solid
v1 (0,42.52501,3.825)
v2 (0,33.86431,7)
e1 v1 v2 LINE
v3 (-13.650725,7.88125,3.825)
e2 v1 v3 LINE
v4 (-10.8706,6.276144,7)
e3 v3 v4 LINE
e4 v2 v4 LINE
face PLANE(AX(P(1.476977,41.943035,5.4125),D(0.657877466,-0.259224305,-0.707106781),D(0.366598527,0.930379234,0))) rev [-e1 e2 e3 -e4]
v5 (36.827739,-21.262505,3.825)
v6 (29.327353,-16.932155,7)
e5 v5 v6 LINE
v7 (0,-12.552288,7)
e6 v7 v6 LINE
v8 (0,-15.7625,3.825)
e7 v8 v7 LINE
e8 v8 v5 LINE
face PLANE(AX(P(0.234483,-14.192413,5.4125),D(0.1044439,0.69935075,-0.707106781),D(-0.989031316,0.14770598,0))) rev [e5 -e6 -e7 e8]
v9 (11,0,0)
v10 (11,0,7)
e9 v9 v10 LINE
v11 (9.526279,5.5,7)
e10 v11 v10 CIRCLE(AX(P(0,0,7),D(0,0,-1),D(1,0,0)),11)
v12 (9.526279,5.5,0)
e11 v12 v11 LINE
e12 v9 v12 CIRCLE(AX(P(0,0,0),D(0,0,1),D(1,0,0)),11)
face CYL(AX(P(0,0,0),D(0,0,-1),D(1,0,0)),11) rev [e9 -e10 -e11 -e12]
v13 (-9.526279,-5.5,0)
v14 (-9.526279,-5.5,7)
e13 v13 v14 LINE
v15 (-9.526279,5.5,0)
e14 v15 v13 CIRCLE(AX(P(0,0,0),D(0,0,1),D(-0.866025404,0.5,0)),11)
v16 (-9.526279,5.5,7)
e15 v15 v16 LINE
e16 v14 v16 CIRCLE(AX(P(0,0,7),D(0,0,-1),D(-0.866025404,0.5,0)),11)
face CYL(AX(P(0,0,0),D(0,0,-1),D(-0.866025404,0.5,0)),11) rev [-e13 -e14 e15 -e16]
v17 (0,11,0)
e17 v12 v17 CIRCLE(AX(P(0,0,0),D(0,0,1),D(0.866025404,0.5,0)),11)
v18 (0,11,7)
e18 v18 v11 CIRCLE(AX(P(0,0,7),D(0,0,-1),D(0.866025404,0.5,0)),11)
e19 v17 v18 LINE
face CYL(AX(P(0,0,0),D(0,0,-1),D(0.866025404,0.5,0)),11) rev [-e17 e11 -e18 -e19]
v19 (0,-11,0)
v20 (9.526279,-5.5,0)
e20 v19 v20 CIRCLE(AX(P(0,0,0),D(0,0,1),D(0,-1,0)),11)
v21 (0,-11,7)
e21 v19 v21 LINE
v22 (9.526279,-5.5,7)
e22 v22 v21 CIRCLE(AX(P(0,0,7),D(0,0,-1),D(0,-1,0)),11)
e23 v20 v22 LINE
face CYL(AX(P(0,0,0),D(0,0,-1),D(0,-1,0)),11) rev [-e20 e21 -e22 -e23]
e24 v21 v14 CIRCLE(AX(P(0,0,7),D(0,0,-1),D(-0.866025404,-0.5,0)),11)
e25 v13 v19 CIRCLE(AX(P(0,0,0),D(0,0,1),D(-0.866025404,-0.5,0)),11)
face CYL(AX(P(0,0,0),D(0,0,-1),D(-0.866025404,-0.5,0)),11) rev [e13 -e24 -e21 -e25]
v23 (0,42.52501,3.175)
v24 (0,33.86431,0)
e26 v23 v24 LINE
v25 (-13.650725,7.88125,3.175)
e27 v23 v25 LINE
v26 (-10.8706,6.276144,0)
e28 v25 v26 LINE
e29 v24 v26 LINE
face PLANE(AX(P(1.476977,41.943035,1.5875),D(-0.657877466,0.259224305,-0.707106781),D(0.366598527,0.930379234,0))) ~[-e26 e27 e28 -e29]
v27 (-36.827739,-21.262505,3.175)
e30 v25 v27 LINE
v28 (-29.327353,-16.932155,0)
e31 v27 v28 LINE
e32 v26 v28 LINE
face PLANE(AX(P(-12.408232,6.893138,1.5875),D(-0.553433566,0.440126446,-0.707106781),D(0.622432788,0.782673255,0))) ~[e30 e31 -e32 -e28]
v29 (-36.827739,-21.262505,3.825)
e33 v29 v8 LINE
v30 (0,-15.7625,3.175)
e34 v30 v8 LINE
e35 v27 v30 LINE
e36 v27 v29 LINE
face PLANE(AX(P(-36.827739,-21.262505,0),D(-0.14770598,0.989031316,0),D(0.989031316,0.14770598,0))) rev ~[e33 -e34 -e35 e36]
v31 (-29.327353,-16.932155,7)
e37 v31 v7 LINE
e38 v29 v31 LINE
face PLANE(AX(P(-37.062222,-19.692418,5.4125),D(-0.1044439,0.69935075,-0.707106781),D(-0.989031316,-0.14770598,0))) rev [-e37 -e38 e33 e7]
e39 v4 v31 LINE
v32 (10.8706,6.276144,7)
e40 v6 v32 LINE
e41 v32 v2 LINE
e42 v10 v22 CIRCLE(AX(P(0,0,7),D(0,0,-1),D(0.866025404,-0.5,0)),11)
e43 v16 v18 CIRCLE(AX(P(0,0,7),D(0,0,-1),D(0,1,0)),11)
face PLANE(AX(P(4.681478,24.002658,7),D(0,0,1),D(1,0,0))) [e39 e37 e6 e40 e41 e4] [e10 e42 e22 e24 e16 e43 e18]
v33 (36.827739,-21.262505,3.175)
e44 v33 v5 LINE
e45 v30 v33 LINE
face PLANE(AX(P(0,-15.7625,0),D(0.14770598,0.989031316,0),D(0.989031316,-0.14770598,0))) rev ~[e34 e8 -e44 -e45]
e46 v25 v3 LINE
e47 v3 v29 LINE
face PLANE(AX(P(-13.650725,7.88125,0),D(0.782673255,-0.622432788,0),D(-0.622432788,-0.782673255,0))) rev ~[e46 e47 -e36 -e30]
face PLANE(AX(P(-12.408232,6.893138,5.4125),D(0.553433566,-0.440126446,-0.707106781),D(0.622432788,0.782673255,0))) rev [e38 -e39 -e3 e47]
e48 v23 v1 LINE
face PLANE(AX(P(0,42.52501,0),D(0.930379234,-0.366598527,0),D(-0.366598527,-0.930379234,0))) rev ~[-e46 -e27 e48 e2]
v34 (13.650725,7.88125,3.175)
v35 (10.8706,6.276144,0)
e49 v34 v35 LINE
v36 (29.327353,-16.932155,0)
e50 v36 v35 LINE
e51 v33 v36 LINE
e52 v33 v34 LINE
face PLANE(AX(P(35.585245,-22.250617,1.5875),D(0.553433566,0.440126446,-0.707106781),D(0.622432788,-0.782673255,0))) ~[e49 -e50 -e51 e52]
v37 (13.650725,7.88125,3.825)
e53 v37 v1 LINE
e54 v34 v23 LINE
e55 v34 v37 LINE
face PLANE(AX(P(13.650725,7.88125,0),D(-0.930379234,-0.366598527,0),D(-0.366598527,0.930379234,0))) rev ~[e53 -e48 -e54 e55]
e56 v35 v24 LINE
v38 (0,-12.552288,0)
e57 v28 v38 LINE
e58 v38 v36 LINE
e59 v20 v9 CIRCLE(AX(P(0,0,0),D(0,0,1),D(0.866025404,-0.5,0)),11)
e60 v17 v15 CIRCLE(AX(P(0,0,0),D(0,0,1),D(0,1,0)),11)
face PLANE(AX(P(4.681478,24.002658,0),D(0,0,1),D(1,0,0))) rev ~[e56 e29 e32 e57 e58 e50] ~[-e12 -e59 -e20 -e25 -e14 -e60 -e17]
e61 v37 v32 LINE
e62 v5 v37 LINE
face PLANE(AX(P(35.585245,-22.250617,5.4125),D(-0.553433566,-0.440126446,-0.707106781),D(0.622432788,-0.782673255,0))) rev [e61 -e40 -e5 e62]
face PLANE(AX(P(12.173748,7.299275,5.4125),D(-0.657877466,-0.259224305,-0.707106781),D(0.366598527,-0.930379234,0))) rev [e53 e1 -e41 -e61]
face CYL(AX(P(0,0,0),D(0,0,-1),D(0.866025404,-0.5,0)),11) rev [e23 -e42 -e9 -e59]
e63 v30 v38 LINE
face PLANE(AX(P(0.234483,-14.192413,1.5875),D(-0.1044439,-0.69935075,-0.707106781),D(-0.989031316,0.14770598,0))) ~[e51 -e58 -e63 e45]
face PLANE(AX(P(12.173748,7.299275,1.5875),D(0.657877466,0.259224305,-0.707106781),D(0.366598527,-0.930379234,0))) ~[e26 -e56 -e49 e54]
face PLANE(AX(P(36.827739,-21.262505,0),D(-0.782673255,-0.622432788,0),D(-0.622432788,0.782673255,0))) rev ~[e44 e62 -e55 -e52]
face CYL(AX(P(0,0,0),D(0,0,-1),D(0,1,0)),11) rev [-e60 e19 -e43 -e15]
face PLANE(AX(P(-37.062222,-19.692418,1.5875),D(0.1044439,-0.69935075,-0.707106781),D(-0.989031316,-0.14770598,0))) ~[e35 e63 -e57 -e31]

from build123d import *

# Parameters (mm, degrees)
F1_DEPTH = 7
F2_SIZE  = 3.175
F3_DEPTH = 7.001


with BuildPart() as f1:
    # F0 (on Top) → F1 (new body)
    with BuildSketch(Plane.XY):
        with BuildLine():
            Line((13.6507254272, 7.88125), (0, 42.5250102))
            Line((0, 42.5250102), (0, 15.7625))
            ThreePointArc((0, 15.7625), (7.88125, 13.6507254272), (13.6507254272, 7.88125))
        make_face()
        with BuildLine():
            Line((0, 15.7625), (0, 42.5250102))
            Line((0, 42.5250102), (-13.6507254272, 7.88125))
            ThreePointArc((-13.6507254272, 7.88125), (-7.88125, 13.6507254272), (0, 15.7625))
        make_face()
        with BuildLine():
            ThreePointArc((-13.6507254272, -7.88125), (-15.7625, 0), (-13.6507254272, 7.88125))
            Line((-13.6507254272, 7.88125), (-36.8277391294, -21.2625051))
            Line((-36.8277391294, -21.2625051), (-13.6507254272, -7.88125))
        make_face()
        with BuildLine():
            Line((-36.8277391294, -21.2625051), (0, -15.7625))
            ThreePointArc((0, -15.7625), (-7.88125, -13.6507254272), (-13.6507254272, -7.88125))
            Line((-13.6507254272, -7.88125), (-36.8277391294, -21.2625051))
        make_face()
        with BuildLine():
            Line((0, -15.7625), (36.8277391294, -21.2625051))
            Line((36.8277391294, -21.2625051), (13.6507254272, -7.88125))
            ThreePointArc((13.6507254272, -7.88125), (7.88125, -13.6507254272), (0, -15.7625))
        make_face()
        with BuildLine():
            Line((13.6507254272, -7.88125), (36.8277391294, -21.2625051))
            Line((36.8277391294, -21.2625051), (13.6507254272, 7.88125))
            ThreePointArc((13.6507254272, 7.88125), (15.2254058369, 4.0796351984), (15.7625, 0))
            ThreePointArc((15.7625, 0), (15.2254058369, -4.0796351984), (13.6507254272, -7.88125))
        make_face()
        with BuildLine():
            Line((0, 11), (0, 15.7625))
            ThreePointArc((0, 15.7625), (-7.88125, 13.6507254272), (-13.6507254272, 7.88125))
            Line((-13.6507254272, 7.88125), (-9.5262794416, 5.5))
            ThreePointArc((-9.5262794416, 5.5), (-5.5, 9.5262794416), (0, 11))
        make_face()
        with BuildLine():
            Line((9.5262794416, 5.5), (13.6507254272, 7.88125))
            ThreePointArc((13.6507254272, 7.88125), (7.88125, 13.6507254272), (0, 15.7625))
            Line((0, 15.7625), (0, 11))
            ThreePointArc((0, 11), (5.5, 9.5262794416), (9.5262794416, 5.5))
        make_face()
        with BuildLine():
            ThreePointArc((15.7625, 0), (15.2254058369, 4.0796351984), (13.6507254272, 7.88125))
            Line((13.6507254272, 7.88125), (9.5262794416, 5.5))
            ThreePointArc((9.5262794416, 5.5), (10.6251840892, 2.8470094961), (11, 0))
            ThreePointArc((11, 0), (10.6251840892, -2.8470094961), (9.5262794416, -5.5))
            Line((9.5262794416, -5.5), (13.6507254272, -7.88125))
            ThreePointArc((13.6507254272, -7.88125), (15.2254058369, -4.0796351984), (15.7625, 0))
        make_face()
        with BuildLine():
            ThreePointArc((0, -15.7625), (7.88125, -13.6507254272), (13.6507254272, -7.88125))
            Line((13.6507254272, -7.88125), (9.5262794416, -5.5))
            ThreePointArc((9.5262794416, -5.5), (5.5, -9.5262794416), (0, -11))
            Line((0, -11), (0, -15.7625))
        make_face()
        with BuildLine():
            ThreePointArc((-13.6507254272, -7.88125), (-7.88125, -13.6507254272), (0, -15.7625))
            Line((0, -15.7625), (0, -11))
            ThreePointArc((0, -11), (-5.5, -9.5262794416), (-9.5262794416, -5.5))
            Line((-9.5262794416, -5.5), (-13.6507254272, -7.88125))
        make_face()
        with BuildLine():
            Line((-9.5262794416, 5.5), (-13.6507254272, 7.88125))
            ThreePointArc((-13.6507254272, 7.88125), (-15.7625, 0), (-13.6507254272, -7.88125))
            Line((-13.6507254272, -7.88125), (-9.5262794416, -5.5))
            ThreePointArc((-9.5262794416, -5.5), (-11, 0), (-9.5262794416, 5.5))
        make_face()
        with BuildLine():
            Line((0, 0), (-9.5262794416, 5.5))
            ThreePointArc((-9.5262794416, 5.5), (-11, 0), (-9.5262794416, -5.5))
            Line((-9.5262794416, -5.5), (0, 0))
        make_face()
        with BuildLine():
            ThreePointArc((-9.5262794416, -5.5), (-5.5, -9.5262794416), (0, -11))
            Line((0, -11), (0, 0))
            Line((0, 0), (-9.5262794416, -5.5))
        make_face()
        with BuildLine():
            ThreePointArc((0, -11), (5.5, -9.5262794416), (9.5262794416, -5.5))
            Line((9.5262794416, -5.5), (0, 0))
            Line((0, 0), (0, -11))
        make_face()
        with BuildLine():
            ThreePointArc((11, 0), (10.6251840892, 2.8470094961), (9.5262794416, 5.5))
            Line((9.5262794416, 5.5), (0, 0))
            Line((0, 0), (9.5262794416, -5.5))
            ThreePointArc((9.5262794416, -5.5), (10.6251840892, -2.8470094961), (11, 0))
        make_face()
        with BuildLine():
            Line((0, 0), (9.5262794416, 5.5))
            ThreePointArc((9.5262794416, 5.5), (5.5, 9.5262794416), (0, 11))
            Line((0, 11), (0, 0))
        make_face()
        with BuildLine():
            Line((0, 0), (0, 11))
            ThreePointArc((0, 11), (-5.5, 9.5262794416), (-9.5262794416, 5.5))
            Line((-9.5262794416, 5.5), (0, 0))
        make_face()
    extrude(amount=F1_DEPTH)

    # F2
    f2_edges = [f1.edges().sort_by_distance(p)[0] for p in [
        (-18.41387, -18.512503, 7),
        (-6.825363, 25.20313, 7),
        (-25.239232, -6.690628, 7),
        (18.41387, -18.512503, 7),
        (25.239232, -6.690628, 7),
        (6.825363, 25.20313, 7),
        (-6.825363, 25.20313, 0),
        (-25.239232, -6.690628, 0),
        (-18.41387, -18.512503, 0),
        (18.41387, -18.512503, 0),
        (25.239232, -6.690628, 0),
        (6.825363, 25.20313, 0),
    ]]
    chamfer(f2_edges, length=F2_SIZE)

    # F0 (on Top) → F3 (cut, through all)
    with BuildSketch(Plane.XY):
        with BuildLine():
            ThreePointArc((0, -11), (5.5, -9.5262794416), (9.5262794416, -5.5))
            Line((9.5262794416, -5.5), (0, 0))
            Line((0, 0), (0, -11))
        make_face()
        with BuildLine():
            ThreePointArc((-9.5262794416, -5.5), (-5.5, -9.5262794416), (0, -11))
            Line((0, -11), (0, 0))
            Line((0, 0), (-9.5262794416, -5.5))
        make_face()
        with BuildLine():
            Line((0, 0), (-9.5262794416, 5.5))
            ThreePointArc((-9.5262794416, 5.5), (-11, 0), (-9.5262794416, -5.5))
            Line((-9.5262794416, -5.5), (0, 0))
        make_face()
        with BuildLine():
            Line((0, 0), (0, 11))
            ThreePointArc((0, 11), (-5.5, 9.5262794416), (-9.5262794416, 5.5))
            Line((-9.5262794416, 5.5), (0, 0))
        make_face()
        with BuildLine():
            Line((0, 0), (9.5262794416, 5.5))
            ThreePointArc((9.5262794416, 5.5), (5.5, 9.5262794416), (0, 11))
            Line((0, 11), (0, 0))
        make_face()
        with BuildLine():
            ThreePointArc((11, 0), (10.6251840892, 2.8470094961), (9.5262794416, 5.5))
            Line((9.5262794416, 5.5), (0, 0))
            Line((0, 0), (9.5262794416, -5.5))
            ThreePointArc((9.5262794416, -5.5), (10.6251840892, -2.8470094961), (11, 0))
        make_face()
    extrude(amount=F3_DEPTH, mode=Mode.SUBTRACT)


solid = f1.part
